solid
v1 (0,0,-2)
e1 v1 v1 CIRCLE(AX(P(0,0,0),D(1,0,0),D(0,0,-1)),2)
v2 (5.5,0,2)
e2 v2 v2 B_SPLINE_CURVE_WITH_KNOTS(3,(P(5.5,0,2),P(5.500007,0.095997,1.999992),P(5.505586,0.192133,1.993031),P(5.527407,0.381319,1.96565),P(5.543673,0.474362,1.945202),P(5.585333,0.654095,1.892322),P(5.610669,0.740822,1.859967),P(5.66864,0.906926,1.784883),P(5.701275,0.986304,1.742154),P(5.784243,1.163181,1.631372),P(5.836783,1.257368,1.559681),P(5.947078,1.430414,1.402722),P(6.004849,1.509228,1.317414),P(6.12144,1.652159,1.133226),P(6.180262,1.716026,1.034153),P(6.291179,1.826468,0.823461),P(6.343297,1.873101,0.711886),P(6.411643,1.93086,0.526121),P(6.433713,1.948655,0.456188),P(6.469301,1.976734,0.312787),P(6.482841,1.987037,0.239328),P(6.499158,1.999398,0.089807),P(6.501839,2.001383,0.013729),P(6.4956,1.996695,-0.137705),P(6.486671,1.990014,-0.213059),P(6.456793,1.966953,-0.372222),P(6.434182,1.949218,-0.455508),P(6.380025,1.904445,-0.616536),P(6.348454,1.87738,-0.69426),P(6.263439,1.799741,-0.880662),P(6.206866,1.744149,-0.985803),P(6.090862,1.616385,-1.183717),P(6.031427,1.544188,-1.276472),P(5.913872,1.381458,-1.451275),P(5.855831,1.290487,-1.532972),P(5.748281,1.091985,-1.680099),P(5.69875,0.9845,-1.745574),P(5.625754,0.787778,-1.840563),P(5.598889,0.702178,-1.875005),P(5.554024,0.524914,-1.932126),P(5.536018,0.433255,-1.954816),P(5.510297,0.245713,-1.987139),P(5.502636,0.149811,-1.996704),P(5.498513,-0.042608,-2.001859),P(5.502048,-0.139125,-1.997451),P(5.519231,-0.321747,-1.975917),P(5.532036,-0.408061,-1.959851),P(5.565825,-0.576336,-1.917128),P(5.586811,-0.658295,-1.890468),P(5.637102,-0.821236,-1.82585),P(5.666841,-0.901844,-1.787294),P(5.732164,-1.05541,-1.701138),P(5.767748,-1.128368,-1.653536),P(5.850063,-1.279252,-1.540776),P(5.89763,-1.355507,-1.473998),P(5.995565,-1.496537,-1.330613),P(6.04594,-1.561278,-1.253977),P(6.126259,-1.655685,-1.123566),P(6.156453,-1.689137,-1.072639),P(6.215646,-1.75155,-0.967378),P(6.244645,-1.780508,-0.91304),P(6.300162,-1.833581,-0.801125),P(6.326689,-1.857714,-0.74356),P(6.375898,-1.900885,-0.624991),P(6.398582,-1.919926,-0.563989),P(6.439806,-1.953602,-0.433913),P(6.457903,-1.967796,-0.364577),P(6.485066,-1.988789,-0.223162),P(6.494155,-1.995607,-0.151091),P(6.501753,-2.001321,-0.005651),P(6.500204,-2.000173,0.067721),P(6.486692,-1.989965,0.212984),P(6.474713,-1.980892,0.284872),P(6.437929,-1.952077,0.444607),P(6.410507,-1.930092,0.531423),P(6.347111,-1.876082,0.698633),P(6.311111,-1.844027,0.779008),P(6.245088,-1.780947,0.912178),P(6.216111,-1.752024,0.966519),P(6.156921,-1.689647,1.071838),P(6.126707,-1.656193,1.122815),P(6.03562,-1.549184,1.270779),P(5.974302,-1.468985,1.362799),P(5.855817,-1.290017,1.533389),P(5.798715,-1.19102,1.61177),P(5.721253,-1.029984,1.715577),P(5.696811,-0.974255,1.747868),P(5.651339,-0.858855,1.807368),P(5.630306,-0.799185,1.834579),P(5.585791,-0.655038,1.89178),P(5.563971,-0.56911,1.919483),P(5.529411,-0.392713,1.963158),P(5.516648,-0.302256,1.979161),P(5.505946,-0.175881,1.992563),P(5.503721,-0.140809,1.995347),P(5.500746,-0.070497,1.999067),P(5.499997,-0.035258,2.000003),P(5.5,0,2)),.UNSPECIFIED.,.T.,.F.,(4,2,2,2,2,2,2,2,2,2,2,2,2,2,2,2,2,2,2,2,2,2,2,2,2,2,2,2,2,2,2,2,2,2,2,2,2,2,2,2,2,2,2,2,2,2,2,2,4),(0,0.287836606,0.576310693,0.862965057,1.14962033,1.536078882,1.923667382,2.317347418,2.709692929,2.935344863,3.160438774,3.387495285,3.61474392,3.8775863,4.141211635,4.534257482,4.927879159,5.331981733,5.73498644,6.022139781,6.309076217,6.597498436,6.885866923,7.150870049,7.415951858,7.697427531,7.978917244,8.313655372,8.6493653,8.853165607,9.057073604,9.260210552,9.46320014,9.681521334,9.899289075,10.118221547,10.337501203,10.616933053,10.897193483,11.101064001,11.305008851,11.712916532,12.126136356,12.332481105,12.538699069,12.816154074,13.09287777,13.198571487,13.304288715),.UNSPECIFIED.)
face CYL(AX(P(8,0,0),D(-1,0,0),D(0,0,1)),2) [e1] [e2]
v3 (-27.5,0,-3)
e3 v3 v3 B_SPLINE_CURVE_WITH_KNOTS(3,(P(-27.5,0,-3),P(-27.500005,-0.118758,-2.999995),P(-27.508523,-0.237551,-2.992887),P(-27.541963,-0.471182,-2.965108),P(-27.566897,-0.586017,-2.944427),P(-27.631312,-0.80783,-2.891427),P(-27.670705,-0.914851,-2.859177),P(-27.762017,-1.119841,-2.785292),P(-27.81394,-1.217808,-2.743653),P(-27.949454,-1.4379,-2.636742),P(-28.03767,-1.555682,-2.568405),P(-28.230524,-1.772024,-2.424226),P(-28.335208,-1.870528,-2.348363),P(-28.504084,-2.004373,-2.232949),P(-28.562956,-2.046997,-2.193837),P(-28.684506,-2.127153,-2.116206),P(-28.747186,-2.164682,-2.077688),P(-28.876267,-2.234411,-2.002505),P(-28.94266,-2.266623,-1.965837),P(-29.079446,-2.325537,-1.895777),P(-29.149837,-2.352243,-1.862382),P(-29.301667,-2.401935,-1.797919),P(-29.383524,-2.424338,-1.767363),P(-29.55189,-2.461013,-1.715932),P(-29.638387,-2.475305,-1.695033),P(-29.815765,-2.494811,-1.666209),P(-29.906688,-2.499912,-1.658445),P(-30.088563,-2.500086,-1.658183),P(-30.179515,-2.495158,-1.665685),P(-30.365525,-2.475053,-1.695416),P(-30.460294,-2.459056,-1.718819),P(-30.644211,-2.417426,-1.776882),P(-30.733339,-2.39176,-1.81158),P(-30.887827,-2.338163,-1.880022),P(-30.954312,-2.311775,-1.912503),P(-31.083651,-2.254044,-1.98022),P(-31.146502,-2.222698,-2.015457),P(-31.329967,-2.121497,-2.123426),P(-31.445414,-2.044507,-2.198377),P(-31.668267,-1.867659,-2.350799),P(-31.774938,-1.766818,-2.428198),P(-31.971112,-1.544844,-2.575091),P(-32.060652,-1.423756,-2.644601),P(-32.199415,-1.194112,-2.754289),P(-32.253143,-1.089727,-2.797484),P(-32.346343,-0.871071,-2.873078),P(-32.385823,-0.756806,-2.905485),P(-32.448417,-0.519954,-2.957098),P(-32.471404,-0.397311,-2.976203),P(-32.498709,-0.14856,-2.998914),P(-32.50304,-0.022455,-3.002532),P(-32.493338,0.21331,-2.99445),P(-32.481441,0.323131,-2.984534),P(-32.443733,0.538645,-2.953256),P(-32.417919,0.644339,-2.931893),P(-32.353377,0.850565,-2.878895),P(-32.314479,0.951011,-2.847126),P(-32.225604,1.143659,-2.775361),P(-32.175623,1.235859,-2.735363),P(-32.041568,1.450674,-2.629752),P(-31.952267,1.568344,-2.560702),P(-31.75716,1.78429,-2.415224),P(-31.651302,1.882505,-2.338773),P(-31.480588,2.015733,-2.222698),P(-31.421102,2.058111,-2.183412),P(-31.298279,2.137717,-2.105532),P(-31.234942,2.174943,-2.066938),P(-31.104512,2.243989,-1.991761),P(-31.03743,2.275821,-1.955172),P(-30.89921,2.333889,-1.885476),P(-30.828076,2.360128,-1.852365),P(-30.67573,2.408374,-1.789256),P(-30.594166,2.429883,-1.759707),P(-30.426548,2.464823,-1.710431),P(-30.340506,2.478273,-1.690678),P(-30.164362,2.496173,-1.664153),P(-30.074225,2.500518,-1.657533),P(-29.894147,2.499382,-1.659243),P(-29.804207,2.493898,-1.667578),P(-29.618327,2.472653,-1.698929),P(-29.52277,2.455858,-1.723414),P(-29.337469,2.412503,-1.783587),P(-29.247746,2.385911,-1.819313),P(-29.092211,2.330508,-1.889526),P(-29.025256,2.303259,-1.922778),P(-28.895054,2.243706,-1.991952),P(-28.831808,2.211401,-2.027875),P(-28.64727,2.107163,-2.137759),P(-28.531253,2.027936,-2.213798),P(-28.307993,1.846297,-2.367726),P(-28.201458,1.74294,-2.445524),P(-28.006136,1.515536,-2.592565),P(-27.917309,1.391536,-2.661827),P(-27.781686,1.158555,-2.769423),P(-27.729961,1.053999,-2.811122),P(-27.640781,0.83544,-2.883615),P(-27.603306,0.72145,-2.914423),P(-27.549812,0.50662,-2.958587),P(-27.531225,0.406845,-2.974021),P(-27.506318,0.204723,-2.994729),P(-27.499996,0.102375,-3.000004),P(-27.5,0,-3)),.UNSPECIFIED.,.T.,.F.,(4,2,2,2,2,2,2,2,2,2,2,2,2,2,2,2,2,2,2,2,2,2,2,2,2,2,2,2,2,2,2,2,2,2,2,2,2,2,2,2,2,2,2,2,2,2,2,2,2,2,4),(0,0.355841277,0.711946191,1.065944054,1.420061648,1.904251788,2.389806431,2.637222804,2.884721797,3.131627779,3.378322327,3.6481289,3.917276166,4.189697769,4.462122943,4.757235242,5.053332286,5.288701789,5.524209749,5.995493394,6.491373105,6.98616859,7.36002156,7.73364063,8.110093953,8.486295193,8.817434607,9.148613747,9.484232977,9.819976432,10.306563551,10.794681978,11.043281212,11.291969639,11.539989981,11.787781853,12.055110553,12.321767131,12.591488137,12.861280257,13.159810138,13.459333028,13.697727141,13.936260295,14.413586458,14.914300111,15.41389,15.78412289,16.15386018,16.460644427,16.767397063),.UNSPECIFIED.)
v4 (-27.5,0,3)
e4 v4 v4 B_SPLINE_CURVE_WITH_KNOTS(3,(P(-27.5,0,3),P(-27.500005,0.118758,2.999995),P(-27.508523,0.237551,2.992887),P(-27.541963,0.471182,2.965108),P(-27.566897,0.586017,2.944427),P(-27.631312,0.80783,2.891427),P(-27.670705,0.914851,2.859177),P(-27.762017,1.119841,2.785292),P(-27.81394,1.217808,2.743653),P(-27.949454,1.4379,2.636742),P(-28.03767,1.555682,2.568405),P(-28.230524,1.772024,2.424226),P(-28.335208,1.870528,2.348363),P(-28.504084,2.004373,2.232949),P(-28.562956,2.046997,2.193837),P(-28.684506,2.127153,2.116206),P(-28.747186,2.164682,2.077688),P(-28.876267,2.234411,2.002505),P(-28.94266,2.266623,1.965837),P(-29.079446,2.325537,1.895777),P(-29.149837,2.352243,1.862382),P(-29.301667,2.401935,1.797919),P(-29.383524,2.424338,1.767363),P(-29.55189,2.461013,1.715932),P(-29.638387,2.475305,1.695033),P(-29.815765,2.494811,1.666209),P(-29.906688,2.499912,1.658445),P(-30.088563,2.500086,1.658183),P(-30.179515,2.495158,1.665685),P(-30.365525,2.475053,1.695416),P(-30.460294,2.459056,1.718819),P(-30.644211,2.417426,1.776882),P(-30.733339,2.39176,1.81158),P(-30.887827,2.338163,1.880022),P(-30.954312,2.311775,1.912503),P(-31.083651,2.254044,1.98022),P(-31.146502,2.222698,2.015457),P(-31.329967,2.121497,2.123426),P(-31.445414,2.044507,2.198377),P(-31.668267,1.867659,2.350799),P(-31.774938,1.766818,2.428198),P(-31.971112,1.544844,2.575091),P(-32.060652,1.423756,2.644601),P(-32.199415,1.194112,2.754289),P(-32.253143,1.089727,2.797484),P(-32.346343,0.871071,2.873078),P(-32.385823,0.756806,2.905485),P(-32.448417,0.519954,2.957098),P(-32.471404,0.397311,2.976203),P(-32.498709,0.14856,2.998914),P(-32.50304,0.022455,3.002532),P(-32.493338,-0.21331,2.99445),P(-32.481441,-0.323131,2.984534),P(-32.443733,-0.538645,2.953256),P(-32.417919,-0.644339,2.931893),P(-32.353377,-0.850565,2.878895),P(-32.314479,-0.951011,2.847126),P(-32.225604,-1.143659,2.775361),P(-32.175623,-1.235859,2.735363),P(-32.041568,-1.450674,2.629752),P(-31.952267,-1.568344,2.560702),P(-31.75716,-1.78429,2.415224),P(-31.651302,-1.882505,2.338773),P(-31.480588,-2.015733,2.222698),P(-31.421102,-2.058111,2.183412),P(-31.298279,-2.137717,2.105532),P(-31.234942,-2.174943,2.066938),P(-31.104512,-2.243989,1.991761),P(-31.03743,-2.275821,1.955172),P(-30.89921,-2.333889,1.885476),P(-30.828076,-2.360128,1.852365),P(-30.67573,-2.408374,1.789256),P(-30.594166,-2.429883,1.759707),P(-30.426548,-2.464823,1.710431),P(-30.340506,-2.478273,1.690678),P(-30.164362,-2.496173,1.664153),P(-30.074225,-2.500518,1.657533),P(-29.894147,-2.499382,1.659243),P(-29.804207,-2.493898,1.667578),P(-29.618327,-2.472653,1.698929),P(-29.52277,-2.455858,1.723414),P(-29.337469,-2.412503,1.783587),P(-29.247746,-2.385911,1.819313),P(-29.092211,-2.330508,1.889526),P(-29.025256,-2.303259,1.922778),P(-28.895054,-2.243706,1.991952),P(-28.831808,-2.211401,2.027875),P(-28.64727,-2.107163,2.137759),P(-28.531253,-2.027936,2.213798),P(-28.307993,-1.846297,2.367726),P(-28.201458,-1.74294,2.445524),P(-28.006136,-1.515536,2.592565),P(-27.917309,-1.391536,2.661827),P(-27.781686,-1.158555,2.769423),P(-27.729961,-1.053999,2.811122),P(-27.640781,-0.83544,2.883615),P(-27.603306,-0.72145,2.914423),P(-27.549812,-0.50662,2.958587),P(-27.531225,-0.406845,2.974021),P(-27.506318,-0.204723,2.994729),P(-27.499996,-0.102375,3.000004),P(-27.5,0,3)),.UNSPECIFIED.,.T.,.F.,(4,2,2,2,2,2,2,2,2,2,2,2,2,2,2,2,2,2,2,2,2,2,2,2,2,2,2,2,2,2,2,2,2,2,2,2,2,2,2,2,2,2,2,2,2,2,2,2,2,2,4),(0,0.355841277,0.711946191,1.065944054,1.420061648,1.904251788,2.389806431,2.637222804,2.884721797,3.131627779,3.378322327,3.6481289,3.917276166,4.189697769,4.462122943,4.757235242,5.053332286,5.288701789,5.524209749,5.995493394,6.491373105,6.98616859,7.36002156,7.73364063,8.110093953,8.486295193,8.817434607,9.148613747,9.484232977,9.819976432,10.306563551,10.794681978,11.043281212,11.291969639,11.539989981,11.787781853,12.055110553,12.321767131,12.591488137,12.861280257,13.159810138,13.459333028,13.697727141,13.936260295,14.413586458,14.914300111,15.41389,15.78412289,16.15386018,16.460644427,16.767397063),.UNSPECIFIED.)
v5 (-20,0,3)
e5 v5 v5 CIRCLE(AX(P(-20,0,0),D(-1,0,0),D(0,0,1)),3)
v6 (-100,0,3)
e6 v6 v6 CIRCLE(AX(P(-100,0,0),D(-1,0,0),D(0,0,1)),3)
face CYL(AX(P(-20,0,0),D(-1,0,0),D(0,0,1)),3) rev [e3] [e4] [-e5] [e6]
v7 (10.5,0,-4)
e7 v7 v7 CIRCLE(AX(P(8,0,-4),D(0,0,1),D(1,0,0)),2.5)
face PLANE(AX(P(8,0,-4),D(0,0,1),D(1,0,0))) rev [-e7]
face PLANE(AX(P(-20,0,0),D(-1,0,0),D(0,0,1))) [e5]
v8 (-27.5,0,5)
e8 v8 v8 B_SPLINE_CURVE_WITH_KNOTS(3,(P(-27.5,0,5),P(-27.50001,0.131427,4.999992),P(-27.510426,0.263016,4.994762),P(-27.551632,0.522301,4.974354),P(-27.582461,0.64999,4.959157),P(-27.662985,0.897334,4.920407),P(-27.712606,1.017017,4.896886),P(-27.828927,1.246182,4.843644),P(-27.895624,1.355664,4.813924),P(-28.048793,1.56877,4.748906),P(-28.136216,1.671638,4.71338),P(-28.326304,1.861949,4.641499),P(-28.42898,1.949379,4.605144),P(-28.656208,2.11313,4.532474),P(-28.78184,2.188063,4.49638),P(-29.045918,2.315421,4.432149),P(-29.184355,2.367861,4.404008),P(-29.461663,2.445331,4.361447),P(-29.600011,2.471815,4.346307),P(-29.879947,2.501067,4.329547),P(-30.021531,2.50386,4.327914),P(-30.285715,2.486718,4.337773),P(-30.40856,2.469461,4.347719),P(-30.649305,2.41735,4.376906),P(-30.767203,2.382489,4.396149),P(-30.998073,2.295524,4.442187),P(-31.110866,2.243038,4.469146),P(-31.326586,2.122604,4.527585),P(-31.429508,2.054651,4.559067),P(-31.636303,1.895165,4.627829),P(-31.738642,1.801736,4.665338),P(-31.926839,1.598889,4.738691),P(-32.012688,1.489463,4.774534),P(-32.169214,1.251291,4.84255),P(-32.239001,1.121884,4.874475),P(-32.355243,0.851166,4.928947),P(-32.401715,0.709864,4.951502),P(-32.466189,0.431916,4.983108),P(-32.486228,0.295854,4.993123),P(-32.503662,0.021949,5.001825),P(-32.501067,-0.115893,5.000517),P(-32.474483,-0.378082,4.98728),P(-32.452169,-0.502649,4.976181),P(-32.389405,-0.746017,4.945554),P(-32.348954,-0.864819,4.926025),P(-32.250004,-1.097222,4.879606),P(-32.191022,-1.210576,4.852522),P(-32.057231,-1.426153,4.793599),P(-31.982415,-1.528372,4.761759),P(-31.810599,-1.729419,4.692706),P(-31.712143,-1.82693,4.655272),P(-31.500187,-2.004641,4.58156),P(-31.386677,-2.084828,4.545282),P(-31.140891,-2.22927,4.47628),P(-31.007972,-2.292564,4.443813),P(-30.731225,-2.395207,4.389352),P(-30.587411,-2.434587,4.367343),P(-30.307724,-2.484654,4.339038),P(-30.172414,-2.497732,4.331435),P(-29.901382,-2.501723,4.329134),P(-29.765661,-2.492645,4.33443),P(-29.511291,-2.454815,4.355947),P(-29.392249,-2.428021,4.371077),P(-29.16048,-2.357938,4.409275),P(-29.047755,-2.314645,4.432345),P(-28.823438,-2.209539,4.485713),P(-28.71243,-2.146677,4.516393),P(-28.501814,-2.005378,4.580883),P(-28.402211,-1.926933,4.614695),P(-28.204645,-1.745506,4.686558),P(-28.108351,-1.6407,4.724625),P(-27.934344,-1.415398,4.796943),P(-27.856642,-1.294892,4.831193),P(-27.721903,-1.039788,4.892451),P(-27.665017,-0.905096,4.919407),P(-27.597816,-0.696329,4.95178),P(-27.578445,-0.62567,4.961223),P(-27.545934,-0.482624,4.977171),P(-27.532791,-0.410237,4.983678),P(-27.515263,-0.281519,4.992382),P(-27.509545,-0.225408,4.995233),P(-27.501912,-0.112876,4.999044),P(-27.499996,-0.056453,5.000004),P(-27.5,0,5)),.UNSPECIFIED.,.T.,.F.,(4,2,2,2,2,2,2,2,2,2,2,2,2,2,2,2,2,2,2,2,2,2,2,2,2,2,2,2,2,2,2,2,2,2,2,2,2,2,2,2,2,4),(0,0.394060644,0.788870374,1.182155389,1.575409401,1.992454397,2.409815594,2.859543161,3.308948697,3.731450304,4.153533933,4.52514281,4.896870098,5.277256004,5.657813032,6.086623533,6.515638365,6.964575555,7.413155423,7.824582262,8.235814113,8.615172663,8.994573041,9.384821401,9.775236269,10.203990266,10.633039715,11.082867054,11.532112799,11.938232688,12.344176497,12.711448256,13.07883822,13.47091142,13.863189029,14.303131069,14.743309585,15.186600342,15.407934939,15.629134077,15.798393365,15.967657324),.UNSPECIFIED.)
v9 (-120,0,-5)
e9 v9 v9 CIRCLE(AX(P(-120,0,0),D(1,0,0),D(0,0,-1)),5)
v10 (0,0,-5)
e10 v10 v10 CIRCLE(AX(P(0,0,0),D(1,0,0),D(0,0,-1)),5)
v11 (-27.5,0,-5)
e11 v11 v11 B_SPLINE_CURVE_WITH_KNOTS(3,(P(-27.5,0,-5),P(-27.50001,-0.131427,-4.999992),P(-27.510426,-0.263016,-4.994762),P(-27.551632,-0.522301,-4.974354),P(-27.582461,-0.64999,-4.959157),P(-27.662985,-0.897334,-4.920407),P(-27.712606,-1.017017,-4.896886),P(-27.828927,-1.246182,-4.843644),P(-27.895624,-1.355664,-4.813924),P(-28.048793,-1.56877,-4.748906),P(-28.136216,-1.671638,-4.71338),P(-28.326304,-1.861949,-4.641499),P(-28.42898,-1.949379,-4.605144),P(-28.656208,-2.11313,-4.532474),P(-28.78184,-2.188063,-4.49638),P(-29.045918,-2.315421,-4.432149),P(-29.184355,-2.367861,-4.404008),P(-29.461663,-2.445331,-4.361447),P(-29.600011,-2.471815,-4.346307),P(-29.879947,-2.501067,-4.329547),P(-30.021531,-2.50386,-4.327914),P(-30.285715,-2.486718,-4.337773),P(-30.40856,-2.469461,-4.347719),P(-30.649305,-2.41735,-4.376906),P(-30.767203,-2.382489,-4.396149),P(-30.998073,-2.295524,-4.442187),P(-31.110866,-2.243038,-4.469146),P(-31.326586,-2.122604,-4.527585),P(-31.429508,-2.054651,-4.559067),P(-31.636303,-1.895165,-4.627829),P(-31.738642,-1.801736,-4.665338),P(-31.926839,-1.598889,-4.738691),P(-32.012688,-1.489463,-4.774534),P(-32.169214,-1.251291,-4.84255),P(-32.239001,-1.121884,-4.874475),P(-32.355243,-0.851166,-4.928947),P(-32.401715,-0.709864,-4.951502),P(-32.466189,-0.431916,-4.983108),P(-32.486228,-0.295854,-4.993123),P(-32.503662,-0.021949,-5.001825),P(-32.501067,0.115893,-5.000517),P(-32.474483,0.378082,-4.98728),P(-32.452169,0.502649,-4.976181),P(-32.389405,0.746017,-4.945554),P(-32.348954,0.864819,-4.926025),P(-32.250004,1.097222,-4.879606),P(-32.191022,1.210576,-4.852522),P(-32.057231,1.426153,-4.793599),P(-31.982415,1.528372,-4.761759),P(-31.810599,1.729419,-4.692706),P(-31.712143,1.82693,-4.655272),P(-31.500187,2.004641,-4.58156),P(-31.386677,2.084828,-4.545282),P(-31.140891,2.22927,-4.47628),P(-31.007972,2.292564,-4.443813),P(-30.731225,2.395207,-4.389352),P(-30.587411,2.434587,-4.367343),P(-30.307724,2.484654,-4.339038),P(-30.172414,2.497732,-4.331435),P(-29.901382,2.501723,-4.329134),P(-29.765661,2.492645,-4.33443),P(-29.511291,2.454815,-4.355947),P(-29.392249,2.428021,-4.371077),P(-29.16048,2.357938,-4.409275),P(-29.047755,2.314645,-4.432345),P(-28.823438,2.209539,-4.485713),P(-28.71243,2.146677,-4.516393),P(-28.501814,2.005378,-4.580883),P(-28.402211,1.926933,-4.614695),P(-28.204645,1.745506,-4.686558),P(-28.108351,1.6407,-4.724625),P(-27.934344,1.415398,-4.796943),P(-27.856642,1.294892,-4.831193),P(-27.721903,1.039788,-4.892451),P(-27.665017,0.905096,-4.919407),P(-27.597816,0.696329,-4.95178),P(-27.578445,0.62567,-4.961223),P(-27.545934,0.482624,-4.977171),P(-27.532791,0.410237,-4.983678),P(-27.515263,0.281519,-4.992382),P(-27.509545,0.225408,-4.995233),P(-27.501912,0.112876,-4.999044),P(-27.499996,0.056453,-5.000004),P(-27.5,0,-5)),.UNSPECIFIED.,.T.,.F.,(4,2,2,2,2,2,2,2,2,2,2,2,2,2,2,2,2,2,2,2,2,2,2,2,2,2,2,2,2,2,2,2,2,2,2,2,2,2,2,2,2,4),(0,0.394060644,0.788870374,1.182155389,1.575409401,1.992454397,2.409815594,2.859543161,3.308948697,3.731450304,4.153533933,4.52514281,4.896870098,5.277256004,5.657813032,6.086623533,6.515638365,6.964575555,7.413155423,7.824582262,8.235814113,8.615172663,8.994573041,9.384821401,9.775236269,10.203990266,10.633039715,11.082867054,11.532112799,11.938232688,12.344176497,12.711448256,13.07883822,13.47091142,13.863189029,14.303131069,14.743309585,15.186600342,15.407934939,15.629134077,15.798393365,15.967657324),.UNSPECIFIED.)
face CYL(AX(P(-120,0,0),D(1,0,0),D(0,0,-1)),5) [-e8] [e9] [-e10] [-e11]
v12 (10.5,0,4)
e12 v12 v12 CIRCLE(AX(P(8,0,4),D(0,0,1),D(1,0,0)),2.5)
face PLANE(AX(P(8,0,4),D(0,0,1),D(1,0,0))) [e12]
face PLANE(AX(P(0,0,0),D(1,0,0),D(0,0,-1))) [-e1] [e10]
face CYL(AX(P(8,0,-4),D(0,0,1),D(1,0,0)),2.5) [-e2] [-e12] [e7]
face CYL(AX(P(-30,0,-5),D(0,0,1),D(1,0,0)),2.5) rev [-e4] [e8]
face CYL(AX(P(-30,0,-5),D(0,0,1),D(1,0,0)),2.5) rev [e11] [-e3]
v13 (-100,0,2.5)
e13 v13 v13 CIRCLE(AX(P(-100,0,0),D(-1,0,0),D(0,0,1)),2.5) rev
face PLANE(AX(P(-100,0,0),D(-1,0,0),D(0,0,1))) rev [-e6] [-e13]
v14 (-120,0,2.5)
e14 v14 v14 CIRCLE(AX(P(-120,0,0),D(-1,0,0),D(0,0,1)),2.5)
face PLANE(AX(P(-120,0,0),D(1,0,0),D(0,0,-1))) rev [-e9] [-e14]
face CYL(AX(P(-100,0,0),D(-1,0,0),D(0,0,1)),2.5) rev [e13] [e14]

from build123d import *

# Parameters (mm, degrees)
SKETCH1_R                = 5
BOSS_EXTRUDE1_DEPTH      = 120
SKETCH2_R                = 2.5
CUT_EXTRUDE1_DEPTH       = 20
SKETCH3_R                = 3
CUT_EXTRUDE2_DEPTH       = 80
SKETCH4_R                = 2
BOSS_EXTRUDE2_DEPTH      = 8
BOSS_EXTRUDE3_DEPTH      = 4
BOSS_EXTRUDE3_DEPTH_BACK = 4
SKETCH5_R                = 2.5
CUT_EXTRUDE3_DEPTH       = 121.208152802
CUT_EXTRUDE3_DEPTH_BACK  = 121.208152802
SKETCH6_R                = 2.5


with BuildPart() as part:
    # Sketch1 → Boss-Extrude1 (new body)
    with BuildSketch(Plane(origin=(0, 0, 0), x_dir=(0, 0, -1), z_dir=(1, 0, 0))):
        Circle(SKETCH1_R)
    extrude(amount=-BOSS_EXTRUDE1_DEPTH)

    # Sketch2 → Cut-Extrude1 (cut)
    with BuildSketch(Plane.ZY.offset(120)):
        Circle(SKETCH2_R)
    extrude(amount=-CUT_EXTRUDE1_DEPTH, mode=Mode.SUBTRACT)

    # Sketch3 → Cut-Extrude2 (cut)
    with BuildSketch(Plane.ZY.offset(100)):
        Circle(SKETCH3_R)
    extrude(amount=-CUT_EXTRUDE2_DEPTH, mode=Mode.SUBTRACT)

    # Sketch4 → Boss-Extrude2 (add)
    with BuildSketch(Plane(origin=(0, 0, 0), x_dir=(0, 0, -1), z_dir=(1, 0, 0))):
        Circle(SKETCH4_R)
    extrude(amount=BOSS_EXTRUDE2_DEPTH)

    # Sketch5 → Boss-Extrude3 (add, two sides: drawn at the far end of the back side and taken through both)
    with BuildSketch(Plane.XY.offset(-BOSS_EXTRUDE3_DEPTH_BACK)):
        with Locations((8, 0)):
            Circle(SKETCH5_R)
    extrude(amount=BOSS_EXTRUDE3_DEPTH + BOSS_EXTRUDE3_DEPTH_BACK)

    # Sketch6 → Cut-Extrude3 (cut, two sides: drawn at the far end of the back side and taken through both)
    with BuildSketch(Plane.XY.offset(-CUT_EXTRUDE3_DEPTH_BACK)):
        with Locations((-30, 0)):
            Circle(SKETCH6_R)
    extrude(amount=CUT_EXTRUDE3_DEPTH + CUT_EXTRUDE3_DEPTH_BACK, mode=Mode.SUBTRACT)


solid = part.part
